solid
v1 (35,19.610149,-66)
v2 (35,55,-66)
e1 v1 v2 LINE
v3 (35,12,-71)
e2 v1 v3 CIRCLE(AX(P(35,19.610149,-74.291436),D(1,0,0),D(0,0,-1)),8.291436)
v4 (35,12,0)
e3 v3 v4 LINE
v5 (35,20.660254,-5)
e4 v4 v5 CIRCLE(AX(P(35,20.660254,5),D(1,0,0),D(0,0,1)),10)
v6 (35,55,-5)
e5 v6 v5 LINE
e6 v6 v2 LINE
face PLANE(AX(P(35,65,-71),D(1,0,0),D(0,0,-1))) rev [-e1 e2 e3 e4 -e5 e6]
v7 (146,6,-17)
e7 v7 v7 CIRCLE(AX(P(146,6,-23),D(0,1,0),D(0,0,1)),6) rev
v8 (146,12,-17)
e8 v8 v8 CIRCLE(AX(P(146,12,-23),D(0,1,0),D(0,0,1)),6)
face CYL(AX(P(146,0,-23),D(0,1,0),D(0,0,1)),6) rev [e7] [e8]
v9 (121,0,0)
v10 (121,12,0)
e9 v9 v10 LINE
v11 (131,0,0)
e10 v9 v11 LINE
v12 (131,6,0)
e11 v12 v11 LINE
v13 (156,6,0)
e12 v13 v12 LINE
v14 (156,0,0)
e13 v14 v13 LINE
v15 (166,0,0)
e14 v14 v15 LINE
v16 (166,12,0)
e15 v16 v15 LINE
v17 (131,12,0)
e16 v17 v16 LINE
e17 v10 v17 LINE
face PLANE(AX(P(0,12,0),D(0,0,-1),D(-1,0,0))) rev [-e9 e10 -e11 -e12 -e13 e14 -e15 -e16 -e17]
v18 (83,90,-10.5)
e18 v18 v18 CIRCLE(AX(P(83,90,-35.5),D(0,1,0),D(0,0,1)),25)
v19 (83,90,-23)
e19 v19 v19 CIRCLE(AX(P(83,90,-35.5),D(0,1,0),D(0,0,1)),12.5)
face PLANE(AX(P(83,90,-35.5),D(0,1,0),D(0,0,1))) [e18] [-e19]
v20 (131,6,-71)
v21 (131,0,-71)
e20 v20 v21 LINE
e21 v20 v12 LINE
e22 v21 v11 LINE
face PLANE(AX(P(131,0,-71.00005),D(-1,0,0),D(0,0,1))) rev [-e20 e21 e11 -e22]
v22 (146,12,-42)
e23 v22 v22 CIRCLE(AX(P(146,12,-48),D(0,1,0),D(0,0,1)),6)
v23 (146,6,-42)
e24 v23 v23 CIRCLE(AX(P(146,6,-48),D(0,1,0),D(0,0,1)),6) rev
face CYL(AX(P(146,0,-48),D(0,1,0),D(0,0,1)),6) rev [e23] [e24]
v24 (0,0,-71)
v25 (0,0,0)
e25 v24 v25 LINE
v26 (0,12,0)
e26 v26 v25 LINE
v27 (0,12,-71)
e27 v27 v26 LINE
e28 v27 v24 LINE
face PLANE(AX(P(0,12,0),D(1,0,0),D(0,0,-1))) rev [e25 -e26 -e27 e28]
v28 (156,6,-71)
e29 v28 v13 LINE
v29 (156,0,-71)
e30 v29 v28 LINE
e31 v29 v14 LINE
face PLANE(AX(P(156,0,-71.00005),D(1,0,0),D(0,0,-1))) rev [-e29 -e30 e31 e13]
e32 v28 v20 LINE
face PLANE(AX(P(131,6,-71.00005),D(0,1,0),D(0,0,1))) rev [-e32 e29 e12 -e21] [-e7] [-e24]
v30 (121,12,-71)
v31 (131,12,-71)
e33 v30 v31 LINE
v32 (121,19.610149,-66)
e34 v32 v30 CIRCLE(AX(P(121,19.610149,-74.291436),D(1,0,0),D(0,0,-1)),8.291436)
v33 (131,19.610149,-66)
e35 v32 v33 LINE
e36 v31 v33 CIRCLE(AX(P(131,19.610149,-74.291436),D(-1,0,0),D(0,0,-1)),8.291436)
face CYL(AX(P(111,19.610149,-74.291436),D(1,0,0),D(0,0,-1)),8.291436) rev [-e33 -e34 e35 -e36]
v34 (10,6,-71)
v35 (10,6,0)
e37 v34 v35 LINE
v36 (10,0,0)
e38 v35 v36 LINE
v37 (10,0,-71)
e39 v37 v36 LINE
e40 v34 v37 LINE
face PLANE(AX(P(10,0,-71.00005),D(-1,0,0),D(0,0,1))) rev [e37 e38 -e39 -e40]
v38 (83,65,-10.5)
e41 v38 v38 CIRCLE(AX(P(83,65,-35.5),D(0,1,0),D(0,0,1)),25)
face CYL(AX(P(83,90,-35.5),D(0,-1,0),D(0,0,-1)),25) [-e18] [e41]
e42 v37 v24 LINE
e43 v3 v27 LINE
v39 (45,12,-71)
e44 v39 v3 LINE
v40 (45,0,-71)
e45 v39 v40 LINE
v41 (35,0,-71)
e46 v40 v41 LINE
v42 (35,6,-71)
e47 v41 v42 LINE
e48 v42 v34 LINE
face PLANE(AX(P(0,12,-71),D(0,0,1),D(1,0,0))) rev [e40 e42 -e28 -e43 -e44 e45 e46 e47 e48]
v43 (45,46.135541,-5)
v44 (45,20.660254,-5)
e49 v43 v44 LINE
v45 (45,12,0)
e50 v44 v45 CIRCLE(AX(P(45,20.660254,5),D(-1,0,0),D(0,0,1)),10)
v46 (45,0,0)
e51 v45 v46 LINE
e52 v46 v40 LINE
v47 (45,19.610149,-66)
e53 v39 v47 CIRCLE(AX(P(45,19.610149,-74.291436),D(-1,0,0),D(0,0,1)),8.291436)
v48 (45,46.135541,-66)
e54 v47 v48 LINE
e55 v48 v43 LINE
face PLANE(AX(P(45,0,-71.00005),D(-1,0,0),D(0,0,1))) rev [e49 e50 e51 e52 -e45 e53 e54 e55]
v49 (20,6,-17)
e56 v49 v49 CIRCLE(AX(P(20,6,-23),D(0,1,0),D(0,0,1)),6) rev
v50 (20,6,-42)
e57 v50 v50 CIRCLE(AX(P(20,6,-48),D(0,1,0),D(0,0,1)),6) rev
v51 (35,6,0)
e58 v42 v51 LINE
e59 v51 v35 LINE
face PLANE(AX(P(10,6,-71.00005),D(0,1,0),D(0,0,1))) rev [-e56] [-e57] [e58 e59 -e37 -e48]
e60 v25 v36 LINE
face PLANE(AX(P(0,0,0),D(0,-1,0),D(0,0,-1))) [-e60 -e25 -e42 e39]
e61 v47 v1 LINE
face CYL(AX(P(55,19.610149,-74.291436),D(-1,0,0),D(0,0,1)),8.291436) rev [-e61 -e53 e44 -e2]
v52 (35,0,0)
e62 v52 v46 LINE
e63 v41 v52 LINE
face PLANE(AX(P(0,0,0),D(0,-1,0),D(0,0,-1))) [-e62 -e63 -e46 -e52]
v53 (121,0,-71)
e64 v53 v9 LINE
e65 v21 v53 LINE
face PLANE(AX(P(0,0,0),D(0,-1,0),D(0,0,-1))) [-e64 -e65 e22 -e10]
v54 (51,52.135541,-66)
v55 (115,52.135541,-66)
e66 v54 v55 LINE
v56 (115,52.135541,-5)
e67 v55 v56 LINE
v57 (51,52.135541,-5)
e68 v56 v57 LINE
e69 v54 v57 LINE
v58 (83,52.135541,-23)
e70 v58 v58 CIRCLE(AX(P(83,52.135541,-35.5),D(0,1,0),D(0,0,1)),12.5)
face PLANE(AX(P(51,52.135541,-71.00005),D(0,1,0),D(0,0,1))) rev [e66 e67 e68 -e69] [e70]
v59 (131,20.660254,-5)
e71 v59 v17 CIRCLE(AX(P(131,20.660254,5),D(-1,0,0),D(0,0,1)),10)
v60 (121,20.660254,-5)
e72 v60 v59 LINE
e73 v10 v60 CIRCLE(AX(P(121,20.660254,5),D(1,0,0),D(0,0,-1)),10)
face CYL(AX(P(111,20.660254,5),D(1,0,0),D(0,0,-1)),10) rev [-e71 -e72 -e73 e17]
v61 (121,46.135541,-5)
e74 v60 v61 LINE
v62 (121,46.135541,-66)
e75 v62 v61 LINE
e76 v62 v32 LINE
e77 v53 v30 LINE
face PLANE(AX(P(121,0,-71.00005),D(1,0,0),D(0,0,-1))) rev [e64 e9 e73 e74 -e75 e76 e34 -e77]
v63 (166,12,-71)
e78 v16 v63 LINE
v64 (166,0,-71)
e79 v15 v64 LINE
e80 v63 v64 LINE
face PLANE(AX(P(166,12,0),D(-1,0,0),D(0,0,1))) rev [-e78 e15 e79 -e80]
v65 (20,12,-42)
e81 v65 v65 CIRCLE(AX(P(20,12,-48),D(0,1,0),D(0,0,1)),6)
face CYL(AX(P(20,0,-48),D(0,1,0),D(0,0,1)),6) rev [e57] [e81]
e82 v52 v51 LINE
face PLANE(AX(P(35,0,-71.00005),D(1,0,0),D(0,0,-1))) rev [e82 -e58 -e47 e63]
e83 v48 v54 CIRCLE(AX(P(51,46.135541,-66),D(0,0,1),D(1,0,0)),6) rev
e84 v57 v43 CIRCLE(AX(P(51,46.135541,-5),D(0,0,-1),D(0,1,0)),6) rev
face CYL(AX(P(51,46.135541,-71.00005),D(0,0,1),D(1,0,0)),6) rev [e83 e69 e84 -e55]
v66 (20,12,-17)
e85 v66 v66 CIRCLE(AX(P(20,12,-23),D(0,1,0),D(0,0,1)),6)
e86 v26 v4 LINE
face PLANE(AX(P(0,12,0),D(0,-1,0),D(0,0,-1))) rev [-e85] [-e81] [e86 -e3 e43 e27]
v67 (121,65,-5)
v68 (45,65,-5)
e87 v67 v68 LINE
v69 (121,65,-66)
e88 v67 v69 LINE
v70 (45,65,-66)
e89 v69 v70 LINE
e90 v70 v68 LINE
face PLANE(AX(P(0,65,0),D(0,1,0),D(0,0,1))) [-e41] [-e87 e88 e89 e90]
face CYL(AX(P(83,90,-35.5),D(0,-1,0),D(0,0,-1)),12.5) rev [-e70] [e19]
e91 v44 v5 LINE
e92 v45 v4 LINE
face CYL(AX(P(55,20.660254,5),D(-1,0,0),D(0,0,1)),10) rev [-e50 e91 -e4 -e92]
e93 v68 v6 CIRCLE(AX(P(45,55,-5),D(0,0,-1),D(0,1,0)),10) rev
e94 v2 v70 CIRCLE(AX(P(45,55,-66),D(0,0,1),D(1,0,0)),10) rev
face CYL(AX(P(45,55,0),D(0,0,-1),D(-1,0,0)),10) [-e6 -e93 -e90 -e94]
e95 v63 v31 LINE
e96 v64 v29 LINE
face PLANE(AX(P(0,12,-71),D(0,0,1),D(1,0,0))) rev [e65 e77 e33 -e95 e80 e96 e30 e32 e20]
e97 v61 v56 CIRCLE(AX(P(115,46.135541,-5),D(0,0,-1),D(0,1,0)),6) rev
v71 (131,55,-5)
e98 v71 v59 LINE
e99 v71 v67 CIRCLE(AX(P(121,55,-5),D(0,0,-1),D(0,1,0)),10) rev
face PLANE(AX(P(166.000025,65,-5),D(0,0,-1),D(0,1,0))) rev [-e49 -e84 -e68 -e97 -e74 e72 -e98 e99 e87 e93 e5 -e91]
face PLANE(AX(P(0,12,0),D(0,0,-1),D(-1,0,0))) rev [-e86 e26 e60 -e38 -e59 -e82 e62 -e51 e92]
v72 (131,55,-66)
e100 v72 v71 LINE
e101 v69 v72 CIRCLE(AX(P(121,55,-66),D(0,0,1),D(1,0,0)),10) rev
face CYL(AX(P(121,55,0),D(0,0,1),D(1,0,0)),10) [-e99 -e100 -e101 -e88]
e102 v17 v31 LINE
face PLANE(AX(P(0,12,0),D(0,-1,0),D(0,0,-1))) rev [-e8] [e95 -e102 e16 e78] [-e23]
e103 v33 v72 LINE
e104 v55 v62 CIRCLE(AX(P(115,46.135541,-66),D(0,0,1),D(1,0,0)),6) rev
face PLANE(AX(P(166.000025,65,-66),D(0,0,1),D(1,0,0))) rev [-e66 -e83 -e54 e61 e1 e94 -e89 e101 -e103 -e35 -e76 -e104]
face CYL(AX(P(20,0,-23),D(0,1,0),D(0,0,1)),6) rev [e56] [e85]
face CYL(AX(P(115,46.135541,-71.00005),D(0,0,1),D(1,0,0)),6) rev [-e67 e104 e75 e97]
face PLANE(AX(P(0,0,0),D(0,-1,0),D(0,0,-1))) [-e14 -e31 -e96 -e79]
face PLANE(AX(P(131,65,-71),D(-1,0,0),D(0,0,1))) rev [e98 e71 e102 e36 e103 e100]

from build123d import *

# Parameters (mm, degrees)
SKETCH1_W           = 166
SKETCH1_H           = 71
BOSS_EXTRUDE1_DEPTH = 12
SKETCH2_R           = 6
CUT_EXTRUDE1_DEPTH  = 181.944742947
SKETCH3_W           = 96
SKETCH3_H           = 71
BOSS_EXTRUDE2_DEPTH = 53
SKETCH4_W           = 25
SKETCH4_H           = 6
CUT_EXTRUDE2_DEPTH  = 192.890593829
SKETCH5_W           = 5
SKETCH5_H           = 53
CUT_EXTRUDE4_DEPTH  = 163.563833616
BOSS_EXTRUDE4_DEPTH = 10
BOSS_EXTRUDE5_START = -10
BOSS_EXTRUDE5_DEPTH = 10
FILLET4_R           = 10
FILLET5_R           = 10
SKETCH11_R          = 25
SKETCH11_R_2        = 12.5
BOSS_EXTRUDE6_DEPTH = 25
SKETCH12_R          = 12.5
CUT_EXTRUDE5_DEPTH  = 192.890593829


with BuildPart() as part:
    # Sketch1 → Boss-Extrude1 (new body)
    with BuildSketch(Plane(origin=(0, 0, 0), x_dir=(1, 0, 0), z_dir=(0, 1, 0))):
        with Locations((83, 35.5)):
            Rectangle(SKETCH1_W, SKETCH1_H)
    extrude(amount=BOSS_EXTRUDE1_DEPTH)

    # Sketch2 → Cut-Extrude1 (cut, through all)
    with BuildSketch(Plane(origin=(0, 12, 0), x_dir=(1, 0, 0), z_dir=(0, 1, 0))):
        with Locations(Location((20, 48, 0), (0, 0, 270))):
            Circle(SKETCH2_R)
        with Locations(Location((20, 23, 0), (0, 0, 270))):
            Circle(SKETCH2_R)
        with Locations(Location((146, 48, 0), (0, 0, 270))):
            Circle(SKETCH2_R)
        with Locations(Location((146, 23, 0), (0, 0, 270))):
            Circle(SKETCH2_R)
    extrude(amount=-CUT_EXTRUDE1_DEPTH, mode=Mode.SUBTRACT)

    # Sketch3 → Boss-Extrude2 (add)
    with BuildSketch(Plane(origin=(0, 12, 0), x_dir=(1, 0, 0), z_dir=(0, 1, 0))):
        with Locations((83, 35.5)):
            Rectangle(SKETCH3_W, SKETCH3_H)
    extrude(amount=BOSS_EXTRUDE2_DEPTH)

    # Sketch4 → Cut-Extrude2 (cut, through all)
    with BuildSketch(Plane.XY):
        with BuildLine():
            Line((45, 0), (121, 0))
            Line((121, 0), (121, 46.135540556))
            ThreePointArc((121, 46.135540556), (119.242640687, 50.378181243), (115, 52.135540556))
            Line((115, 52.135540556), (51, 52.135540556))
            ThreePointArc((51, 52.135540556), (46.757359313, 50.378181243), (45, 46.135540556))
            Line((45, 46.135540556), (45, 0))
        make_face()
        with Locations((22.5, 3)):
            Rectangle(SKETCH4_W, SKETCH4_H)
        with Locations((143.5, 3)):
            Rectangle(SKETCH4_W, SKETCH4_H)
    extrude(amount=-CUT_EXTRUDE2_DEPTH, mode=Mode.SUBTRACT)

    # Sketch5 → Cut-Extrude4 (cut, through all)
    with BuildSketch(Plane.ZY.offset(-35)):
        with Locations((-68.5, 38.5)):
            Rectangle(SKETCH5_W, SKETCH5_H)
        with Locations((-2.5, 38.5)):
            Rectangle(SKETCH5_W, SKETCH5_H)
    extrude(amount=-CUT_EXTRUDE4_DEPTH, mode=Mode.SUBTRACT)

    # Sketch7 → Boss-Extrude4 (add)
    with BuildSketch(Plane.ZY.offset(-35)):
        with BuildLine():
            Line((-71, 12), (-66, 12))
            Line((-66, 12), (-66, 19.610148588))
            ThreePointArc((-66, 19.610148588), (-67.361838539, 15.057282415), (-71, 12))
        make_face()
        with BuildLine():
            Line((-5, 20.660254038), (-5, 12))
            Line((-5, 12), (0, 12))
            ThreePointArc((0, 12), (-3.660254038, 15.660254038), (-5, 20.660254038))
        make_face()
    extrude(amount=-BOSS_EXTRUDE4_DEPTH)

    # Sketch10 → Boss-Extrude5 (add)
    with BuildSketch(Plane(origin=(131, 0, 0), x_dir=(0, 0, -1), z_dir=(1, 0, 0)).offset(BOSS_EXTRUDE5_START)):
        with BuildLine():
            Line((5, 20.660254038), (5, 12))
            Line((5, 12), (0, 12))
            ThreePointArc((0, 12), (3.660254038, 15.660254038), (5, 20.660254038))
        make_face()
        with BuildLine():
            Line((71, 12), (66, 12))
            Line((66, 12), (66, 19.610148588))
            ThreePointArc((66, 19.610148588), (67.361838539, 15.057282415), (71, 12))
        make_face()
    extrude(amount=BOSS_EXTRUDE5_DEPTH)

    # Fillet4
    fillet4_edges = [part.edges().sort_by_distance(p)[0] for p in [
        (35, 65, -35.5),
    ]]
    fillet(fillet4_edges, radius=FILLET4_R)

    # Fillet5
    fillet5_edges = [part.edges().sort_by_distance(p)[0] for p in [
        (131, 65, -35.5),
    ]]
    fillet(fillet5_edges, radius=FILLET5_R)

    # Sketch11 → Boss-Extrude6 (add)
    with BuildSketch(Plane(origin=(0, 65, 0), x_dir=(1, 0, 0), z_dir=(0, 1, 0))):
        with Locations(Location((83, 35.5, 0), (0, 0, 270))):
            Circle(SKETCH11_R)
        with Locations(Location((83, 35.5, 0), (0, 0, 270))):
            Circle(SKETCH11_R_2, mode=Mode.SUBTRACT)
    extrude(amount=BOSS_EXTRUDE6_DEPTH)

    # Sketch12 → Cut-Extrude5 (cut, through all)
    with BuildSketch(Plane(origin=(0, 65, 0), x_dir=(1, 0, 0), z_dir=(0, 1, 0))):
        with Locations(Location((83, 35.5, 0), (0, 0, 270))):
            Circle(SKETCH12_R)
    extrude(amount=-CUT_EXTRUDE5_DEPTH, mode=Mode.SUBTRACT)


solid = part.part
